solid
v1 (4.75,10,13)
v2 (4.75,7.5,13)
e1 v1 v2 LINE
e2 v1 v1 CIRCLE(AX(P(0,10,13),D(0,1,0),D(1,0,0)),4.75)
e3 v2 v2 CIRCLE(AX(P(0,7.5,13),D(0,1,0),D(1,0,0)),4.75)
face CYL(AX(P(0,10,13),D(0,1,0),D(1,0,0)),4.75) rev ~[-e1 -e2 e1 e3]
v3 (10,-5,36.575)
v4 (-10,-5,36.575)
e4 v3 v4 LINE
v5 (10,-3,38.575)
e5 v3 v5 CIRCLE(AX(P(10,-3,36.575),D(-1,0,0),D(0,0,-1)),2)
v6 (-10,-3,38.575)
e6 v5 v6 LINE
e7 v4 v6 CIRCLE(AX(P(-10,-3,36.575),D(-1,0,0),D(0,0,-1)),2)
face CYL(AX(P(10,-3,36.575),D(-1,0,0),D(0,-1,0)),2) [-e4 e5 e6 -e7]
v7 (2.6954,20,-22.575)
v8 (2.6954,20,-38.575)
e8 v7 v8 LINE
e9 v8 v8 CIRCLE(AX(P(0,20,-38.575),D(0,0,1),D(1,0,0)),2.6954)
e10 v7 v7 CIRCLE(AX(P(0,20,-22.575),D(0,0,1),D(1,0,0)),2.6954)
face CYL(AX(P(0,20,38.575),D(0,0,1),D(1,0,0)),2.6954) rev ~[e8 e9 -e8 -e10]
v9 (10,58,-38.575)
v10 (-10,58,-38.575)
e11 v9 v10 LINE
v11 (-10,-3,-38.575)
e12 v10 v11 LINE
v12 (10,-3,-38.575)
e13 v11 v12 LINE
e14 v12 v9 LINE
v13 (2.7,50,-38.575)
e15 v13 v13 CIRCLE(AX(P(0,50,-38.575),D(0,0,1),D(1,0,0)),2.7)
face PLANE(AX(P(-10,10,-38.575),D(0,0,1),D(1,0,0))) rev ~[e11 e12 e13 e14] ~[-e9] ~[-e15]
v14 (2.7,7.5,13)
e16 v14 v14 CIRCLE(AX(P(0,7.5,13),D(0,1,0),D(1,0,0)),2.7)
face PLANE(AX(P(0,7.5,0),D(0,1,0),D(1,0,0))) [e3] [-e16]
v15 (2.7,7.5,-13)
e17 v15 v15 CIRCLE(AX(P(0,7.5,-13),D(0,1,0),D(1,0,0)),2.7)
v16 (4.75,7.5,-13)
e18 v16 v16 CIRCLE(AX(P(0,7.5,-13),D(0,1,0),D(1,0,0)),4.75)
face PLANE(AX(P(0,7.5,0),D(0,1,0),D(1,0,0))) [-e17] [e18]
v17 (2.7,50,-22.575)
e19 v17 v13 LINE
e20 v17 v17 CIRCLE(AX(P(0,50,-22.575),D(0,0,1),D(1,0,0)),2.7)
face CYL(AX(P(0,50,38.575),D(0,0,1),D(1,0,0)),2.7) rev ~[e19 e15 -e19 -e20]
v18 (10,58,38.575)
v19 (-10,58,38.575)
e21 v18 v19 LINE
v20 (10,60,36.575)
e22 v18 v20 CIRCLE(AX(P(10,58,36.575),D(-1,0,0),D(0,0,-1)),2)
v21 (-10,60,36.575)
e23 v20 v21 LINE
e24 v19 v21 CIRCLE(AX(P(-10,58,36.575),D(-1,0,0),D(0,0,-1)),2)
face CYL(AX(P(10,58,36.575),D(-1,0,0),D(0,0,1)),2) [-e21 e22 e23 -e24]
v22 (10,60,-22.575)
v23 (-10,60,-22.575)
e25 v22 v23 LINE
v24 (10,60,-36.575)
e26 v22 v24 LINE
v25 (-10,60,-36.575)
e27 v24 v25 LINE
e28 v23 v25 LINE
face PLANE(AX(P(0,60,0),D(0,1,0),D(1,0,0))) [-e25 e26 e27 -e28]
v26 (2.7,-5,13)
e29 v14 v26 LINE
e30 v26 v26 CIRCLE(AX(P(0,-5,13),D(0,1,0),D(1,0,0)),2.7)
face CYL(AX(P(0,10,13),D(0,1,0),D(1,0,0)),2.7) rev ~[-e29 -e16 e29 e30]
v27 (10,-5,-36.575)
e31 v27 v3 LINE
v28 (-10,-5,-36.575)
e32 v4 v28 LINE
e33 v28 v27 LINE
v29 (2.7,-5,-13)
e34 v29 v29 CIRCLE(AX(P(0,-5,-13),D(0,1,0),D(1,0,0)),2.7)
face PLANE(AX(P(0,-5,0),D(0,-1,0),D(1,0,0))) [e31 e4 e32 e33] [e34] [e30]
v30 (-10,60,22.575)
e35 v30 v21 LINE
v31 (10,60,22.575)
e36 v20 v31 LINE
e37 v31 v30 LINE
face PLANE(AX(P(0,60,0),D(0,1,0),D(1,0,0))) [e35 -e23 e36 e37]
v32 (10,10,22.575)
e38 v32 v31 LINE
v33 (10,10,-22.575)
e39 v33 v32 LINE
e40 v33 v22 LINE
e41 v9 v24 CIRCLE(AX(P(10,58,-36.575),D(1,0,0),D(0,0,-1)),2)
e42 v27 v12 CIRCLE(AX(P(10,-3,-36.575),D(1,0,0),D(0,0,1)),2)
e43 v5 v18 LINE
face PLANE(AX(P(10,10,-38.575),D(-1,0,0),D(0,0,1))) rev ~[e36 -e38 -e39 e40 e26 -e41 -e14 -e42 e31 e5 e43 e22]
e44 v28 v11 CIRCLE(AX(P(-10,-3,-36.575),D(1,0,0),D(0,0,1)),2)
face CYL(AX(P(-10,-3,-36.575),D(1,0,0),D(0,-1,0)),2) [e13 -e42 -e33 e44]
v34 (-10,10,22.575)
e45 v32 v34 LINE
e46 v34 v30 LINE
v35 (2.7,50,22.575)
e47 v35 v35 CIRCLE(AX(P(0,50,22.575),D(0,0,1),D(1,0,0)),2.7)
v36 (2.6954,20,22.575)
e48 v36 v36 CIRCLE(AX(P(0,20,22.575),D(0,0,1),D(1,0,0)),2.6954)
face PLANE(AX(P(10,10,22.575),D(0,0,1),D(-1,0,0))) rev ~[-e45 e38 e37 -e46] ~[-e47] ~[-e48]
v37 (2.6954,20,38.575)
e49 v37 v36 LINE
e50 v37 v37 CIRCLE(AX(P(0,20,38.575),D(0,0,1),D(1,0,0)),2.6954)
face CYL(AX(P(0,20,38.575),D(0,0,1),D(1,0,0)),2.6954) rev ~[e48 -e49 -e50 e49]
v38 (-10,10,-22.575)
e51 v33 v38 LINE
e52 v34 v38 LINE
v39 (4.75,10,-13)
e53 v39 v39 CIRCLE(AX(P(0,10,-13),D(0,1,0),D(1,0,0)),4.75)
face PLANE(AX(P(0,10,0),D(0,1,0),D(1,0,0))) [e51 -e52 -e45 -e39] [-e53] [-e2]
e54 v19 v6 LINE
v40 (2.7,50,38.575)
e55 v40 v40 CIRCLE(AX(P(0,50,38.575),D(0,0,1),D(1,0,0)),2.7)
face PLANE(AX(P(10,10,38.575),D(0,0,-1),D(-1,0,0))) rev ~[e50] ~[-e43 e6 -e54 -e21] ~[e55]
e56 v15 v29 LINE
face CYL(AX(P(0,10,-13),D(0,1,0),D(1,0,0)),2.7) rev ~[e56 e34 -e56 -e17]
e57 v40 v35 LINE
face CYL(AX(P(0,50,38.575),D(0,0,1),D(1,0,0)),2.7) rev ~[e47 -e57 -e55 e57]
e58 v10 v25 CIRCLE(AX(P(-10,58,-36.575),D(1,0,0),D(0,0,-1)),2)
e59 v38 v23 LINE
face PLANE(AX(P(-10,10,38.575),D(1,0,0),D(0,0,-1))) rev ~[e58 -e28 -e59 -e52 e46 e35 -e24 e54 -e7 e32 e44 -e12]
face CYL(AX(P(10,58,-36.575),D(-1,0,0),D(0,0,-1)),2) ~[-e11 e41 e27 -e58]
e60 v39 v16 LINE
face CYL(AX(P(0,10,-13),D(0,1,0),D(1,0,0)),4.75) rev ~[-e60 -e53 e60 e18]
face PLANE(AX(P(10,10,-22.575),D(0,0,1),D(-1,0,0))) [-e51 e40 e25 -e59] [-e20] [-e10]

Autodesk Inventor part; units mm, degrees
ref_plane "YZ Plane" through (0, 0, 0) normal (1, 0, 0) x (0, 1, 0)
ref_plane "XZ Plane" through (0, 0, 0) normal (0, 1, 0) x (-1, 0, 0)
ref_plane "XY Plane" through (0, 0, 0) normal (0, 0, 1) x (1, 0, 0)
sketch "Boceto1" plane through (0, 0, 0) normal (0, 1, 0) x (-1, 0, 0)
  line L0 (-6.45, 25.5) -> (6.45, 25.5)
  line L1 (6.45, 25.5) -> (6.45, -25.5)
  line L2 (6.45, -25.5) -> (-6.45, -25.5)
  line L3 (-6.45, -25.5) -> (-6.45, 25.5)
  line L4 (-6.45, 25.5) -> (6.45, -25.5) construction
  line L5 (6.45, 25.5) -> (-6.45, -25.5) construction
  circle A0 centre (0, 0) radius 3.5
  dimension "d0" = 7
  dimension "d1" = 51
  dimension "d2" = 12.9
extrude "Extrusión1" add sketch "Boceto1" along normal blind 10
sketch "Boceto2" plane through (0, 10, 0) normal (0, 1, 0) x (1, 0, 0)
  circle A0 centre (0, 0) radius 6
  dimension "d5" = 12
extrude "Extrusión2" cut sketch "Boceto2" against normal blind 6
sketch "Boceto3" plane through (0, 10, 0) normal (0, 1, 0) x (1, 0, 0)
  circle A0 centre (0, 0) radius 6 projected
  line L0 (6.45, 25.5) -> (-6.45, 25.5) projected
  line L1 (-6.45, 25.5) -> (-6.45, -25.5) projected
  line L2 (-6.45, -25.5) -> (6.45, -25.5) projected
  line L3 (6.45, -25.5) -> (6.45, 25.5) projected
  line L4 (10, -38.575) -> (-10, -38.575)
  line L5 (-10, -38.575) -> (-10, 38.575)
  line L6 (-10, 38.575) -> (10, 38.575)
  line L7 (10, 38.575) -> (10, -38.575)
  line L8 (10, -38.575) -> (-10, 38.575) construction
  line L9 (-10, -38.575) -> (10, 38.575) construction
  dimension "d21" = 20
  dimension "d22" = 77.15
extrude "Extrusión3" add sketch "Boceto3" against normal blind 15 contours L4 L5 L6 L7
sketch "Boceto4" plane through (0, 10, 0) normal (0, 1, 0) x (1, 0, 0)
  line L0 (10, -38.575) -> (-10, -38.575) projected
  line L1 (10, -38.575) -> (10, 38.575) projected
  line L2 (-10, -38.575) -> (10, -38.575)
  line L3 (10, -38.575) -> (10, -22.575)
  line L4 (10, -22.575) -> (-10, -22.575)
  line L5 (-10, -22.575) -> (-10, -38.575)
  line L6 (10, 38.575) -> (-10, 38.575) projected
  line L7 (-10, 38.575) -> (10, 38.575)
  line L8 (10, 38.575) -> (10, 22.575)
  line L9 (10, 22.575) -> (-10, 22.575)
  line L10 (-10, 22.575) -> (-10, 38.575)
  point P0 (0, 0)
  point P1 (10, 22.575)
  dimension "d12" = 16
  dimension "d13" = 16
extrude "Extrusión4" add sketch "Boceto4" along normal blind 50
sketch "Boceto5" plane through (-10, -5, 38.575) normal (0, 0, 1) x (1, 0, 0)
  circle A0 centre (10, 55) radius 2.7
  circle A1 centre (10, 25) radius 2.6954
  line L0 (0, 65) -> (20, 65) projected
  point P0 (10, 5)
  point P1 (20, 15)
  dimension "d16" = 5.4
  dimension "d17" = 10
  dimension "d18" = 10
extrude "Extrusión5" cut sketch "Boceto5" against normal through all
sketch "Boceto6" plane through (0, 10, 0) normal (0, 1, 0) x (1, 0, 0)
  circle A0 centre (0, 0) radius 6 projected
extrude "Extrusión6" add sketch "Boceto6" against normal up to surface (10 mm away)
sketch "Boceto7" plane through (0, -5, 0) normal (0, -1, 0) x (1, 0, 0)
  line L0 (-10, -38.575) -> (10, -38.575) projected
  line L1 (10, -38.575) -> (10, 38.575) projected
  line L2 (10, 38.575) -> (-10, 38.575) projected
  line L3 (-10, 38.575) -> (-10, -38.575) projected
  line L4 (6.45, 25.5) -> (6.45, -25.5) projected
  line L5 (6.45, -25.5) -> (-6.45, -25.5) projected
  line L6 (-6.45, -25.5) -> (-6.45, 25.5) projected
  line L7 (-6.45, 25.5) -> (6.45, 25.5) projected
  line L8 (6.45, -25.5) -> (-6.45, -25.5) projected
  line L9 (6.45, 25.5) -> (6.45, -25.5) projected
  line L10 (-6.45, 25.5) -> (6.45, 25.5) projected
  line L11 (-6.45, -25.5) -> (-6.45, 25.5) projected
  point P0 (0, 0)
extrude "Extrusión7" add sketch "Boceto7" against normal up to surface (5 mm away) contours L4 L5 L6 L7
sketch "Boceto8" plane through (0, 10, 0) normal (0, 1, 0) x (1, 0, 0)
  circle A0 centre (0, -13) radius 2.7
  circle A1 centre (0, 13) radius 2.7
  point P0 (0, 0)
  dimension "d27" = 5.4
  dimension "d28" = 13
  dimension "d29" = 13
extrude "Extrusión8" cut sketch "Boceto8" against normal through all
sketch "Boceto9" plane through (0, 10, 0) normal (0, 1, 0) x (1, 0, 0)
  circle A0 centre (0, -13) radius 2.7 projected
  circle A1 centre (0, -13) radius 4.75
  circle A2 centre (0, 13) radius 2.7 projected
  circle A3 centre (0, 13) radius 4.75
  point P0 (0, 0)
  dimension "d32" = 9.5
  dimension "d33" = 9.5
extrude "Extrusión9" cut sketch "Boceto9" against normal blind 2.5
fillet "Empalme1" radius 2 4 edges at (0, -5, 38.575) (0, 60, 38.575) (0, 60, -38.575) (0, -5, -38.575)
properties part number "LowerJaw"
